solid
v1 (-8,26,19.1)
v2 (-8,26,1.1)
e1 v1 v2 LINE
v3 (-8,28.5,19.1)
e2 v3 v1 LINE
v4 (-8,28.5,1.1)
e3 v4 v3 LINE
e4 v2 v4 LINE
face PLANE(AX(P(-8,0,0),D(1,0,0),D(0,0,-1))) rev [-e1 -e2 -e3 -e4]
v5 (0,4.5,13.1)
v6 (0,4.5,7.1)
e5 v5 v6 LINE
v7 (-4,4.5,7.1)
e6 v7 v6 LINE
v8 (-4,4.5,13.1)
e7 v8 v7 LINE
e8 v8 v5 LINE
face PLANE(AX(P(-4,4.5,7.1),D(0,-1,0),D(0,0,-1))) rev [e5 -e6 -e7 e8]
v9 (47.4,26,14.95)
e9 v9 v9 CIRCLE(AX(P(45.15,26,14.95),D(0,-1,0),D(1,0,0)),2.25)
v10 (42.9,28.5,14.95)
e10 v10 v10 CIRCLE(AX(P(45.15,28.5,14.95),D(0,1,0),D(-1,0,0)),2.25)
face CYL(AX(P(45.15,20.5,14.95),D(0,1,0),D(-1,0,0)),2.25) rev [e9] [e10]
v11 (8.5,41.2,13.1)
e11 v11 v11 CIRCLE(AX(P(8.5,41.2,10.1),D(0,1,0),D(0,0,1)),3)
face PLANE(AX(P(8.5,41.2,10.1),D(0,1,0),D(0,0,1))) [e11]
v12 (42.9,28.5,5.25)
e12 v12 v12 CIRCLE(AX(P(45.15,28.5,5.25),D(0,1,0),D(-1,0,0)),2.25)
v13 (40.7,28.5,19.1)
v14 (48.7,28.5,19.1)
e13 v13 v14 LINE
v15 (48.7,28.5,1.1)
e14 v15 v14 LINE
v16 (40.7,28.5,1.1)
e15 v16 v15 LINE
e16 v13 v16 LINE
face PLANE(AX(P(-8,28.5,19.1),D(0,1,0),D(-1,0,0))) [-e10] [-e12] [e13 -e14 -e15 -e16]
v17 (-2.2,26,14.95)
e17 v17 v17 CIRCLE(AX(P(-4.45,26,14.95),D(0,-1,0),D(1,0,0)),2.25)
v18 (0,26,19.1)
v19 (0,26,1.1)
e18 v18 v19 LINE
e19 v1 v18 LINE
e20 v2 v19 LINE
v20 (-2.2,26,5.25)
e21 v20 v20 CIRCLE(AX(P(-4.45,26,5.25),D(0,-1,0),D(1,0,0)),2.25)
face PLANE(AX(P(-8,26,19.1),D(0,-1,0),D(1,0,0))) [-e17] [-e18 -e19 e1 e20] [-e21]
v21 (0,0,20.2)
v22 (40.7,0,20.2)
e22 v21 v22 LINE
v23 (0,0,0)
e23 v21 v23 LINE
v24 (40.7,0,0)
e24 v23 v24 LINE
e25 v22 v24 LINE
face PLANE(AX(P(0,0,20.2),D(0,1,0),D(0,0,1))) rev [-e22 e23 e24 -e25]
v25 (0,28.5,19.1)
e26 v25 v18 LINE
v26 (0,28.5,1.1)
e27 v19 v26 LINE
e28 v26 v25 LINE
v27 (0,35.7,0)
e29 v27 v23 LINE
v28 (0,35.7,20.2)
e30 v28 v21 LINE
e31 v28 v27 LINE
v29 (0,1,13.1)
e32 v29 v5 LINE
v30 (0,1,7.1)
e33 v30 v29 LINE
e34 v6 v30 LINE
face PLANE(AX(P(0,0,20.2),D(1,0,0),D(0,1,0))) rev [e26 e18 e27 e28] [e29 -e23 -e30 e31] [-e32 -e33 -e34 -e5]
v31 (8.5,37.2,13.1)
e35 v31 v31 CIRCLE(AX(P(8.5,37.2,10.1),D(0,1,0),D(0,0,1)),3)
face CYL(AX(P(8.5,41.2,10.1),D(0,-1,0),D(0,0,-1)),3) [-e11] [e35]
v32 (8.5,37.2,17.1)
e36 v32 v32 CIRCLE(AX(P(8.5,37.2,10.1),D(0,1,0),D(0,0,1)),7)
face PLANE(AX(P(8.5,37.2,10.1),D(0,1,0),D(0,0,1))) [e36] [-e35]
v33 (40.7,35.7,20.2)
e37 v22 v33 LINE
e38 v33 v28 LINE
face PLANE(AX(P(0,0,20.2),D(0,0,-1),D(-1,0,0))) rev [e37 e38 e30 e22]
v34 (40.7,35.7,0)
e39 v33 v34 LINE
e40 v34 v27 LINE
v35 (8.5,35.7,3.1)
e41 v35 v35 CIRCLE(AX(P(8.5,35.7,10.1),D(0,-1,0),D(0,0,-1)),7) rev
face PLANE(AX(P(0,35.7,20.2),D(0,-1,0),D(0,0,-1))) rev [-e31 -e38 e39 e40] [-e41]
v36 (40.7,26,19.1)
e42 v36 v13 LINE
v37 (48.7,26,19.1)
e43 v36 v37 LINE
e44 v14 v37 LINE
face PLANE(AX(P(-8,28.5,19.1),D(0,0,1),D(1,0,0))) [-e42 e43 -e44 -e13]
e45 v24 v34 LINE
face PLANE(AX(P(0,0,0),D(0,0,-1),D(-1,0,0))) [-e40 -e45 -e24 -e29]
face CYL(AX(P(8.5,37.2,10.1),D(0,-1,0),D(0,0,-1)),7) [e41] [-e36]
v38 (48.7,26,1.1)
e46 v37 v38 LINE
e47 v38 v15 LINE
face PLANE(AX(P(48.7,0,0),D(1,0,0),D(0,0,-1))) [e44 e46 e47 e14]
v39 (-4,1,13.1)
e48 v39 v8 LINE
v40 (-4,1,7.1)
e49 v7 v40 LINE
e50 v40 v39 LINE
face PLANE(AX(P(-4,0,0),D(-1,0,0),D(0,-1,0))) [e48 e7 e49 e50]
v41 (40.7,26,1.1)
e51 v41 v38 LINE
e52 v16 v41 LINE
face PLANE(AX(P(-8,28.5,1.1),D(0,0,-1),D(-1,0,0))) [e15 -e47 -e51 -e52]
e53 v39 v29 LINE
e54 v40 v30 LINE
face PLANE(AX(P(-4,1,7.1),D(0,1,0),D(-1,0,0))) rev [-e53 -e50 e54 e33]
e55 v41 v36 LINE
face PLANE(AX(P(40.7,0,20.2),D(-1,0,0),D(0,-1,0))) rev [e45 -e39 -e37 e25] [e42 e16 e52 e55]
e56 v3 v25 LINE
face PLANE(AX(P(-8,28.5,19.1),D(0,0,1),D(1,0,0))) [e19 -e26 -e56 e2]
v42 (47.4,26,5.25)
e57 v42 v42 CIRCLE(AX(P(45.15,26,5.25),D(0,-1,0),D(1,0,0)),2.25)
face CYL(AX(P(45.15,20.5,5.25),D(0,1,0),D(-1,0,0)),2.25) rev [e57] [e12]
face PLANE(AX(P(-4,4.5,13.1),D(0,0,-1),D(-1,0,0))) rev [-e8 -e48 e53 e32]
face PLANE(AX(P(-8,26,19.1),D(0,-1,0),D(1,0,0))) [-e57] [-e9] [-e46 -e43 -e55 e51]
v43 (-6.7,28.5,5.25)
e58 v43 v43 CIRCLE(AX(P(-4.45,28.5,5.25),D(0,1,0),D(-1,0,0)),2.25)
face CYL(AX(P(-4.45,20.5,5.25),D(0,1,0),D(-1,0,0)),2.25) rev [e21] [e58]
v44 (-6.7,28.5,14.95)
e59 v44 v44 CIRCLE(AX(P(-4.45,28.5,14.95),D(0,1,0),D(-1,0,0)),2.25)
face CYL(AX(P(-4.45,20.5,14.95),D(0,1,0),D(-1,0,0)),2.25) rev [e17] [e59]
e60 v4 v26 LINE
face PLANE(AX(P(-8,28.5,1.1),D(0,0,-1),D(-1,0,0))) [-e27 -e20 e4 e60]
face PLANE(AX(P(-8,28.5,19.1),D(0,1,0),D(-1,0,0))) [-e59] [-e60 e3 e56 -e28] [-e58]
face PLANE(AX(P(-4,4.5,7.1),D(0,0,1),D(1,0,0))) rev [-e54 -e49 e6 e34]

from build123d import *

# Parameters (mm, degrees)
SKIZZE1_W                            = 40.7
SKIZZE1_H                            = 35.7
AUFSATZ_LINEAR_AUSTRAGEN1_DEPTH      = 20.2
AUFSATZ_LINEAR_AUSTRAGEN2_DEPTH      = 8
AUFSATZ_LINEAR_AUSTRAGEN2_DEPTH_BACK = 48.7
SKIZZE2_W                            = 18
SKIZZE2_H                            = 2.5
SKIZZE3_R                            = 2.25
SCHNITT_LINEAR_AUSTRAGEN1_DEPTH      = 8
SKIZZE4_R                            = 7
AUFSATZ_LINEAR_AUSTRAGEN3_DEPTH      = 1.5
SKIZZE5_R                            = 3
AUFSATZ_LINEAR_AUSTRAGEN4_DEPTH      = 4
SKIZZE6_W                            = 6
SKIZZE6_H                            = 3.5
AUFSATZ_LINEAR_AUSTRAGEN5_DEPTH      = 4


with BuildPart() as part:
    # Skizze1 → Aufsatz-Linear austragen1 (new body)
    with BuildSketch(Plane.XY):
        with Locations((20.35, 17.85)):
            Rectangle(SKIZZE1_W, SKIZZE1_H)
    extrude(amount=AUFSATZ_LINEAR_AUSTRAGEN1_DEPTH)

    # Skizze2 → Aufsatz-Linear austragen2 (add, two sides: drawn at the far end of the back side and taken through both)
    with BuildSketch(Plane(origin=(40.7, 0, 0), x_dir=(0, 0, -1), z_dir=(1, 0, 0)).offset(-AUFSATZ_LINEAR_AUSTRAGEN2_DEPTH_BACK)):
        with Locations((-10.1, 27.25)):
            Rectangle(SKIZZE2_W, SKIZZE2_H)
    extrude(amount=AUFSATZ_LINEAR_AUSTRAGEN2_DEPTH + AUFSATZ_LINEAR_AUSTRAGEN2_DEPTH_BACK)

    # Skizze3 → Schnitt-Linear austragen1 (cut)
    with BuildSketch(Plane(origin=(0, 28.5, 0), x_dir=(1, 0, 0), z_dir=(0, 1, 0))):
        with Locations(Location((45.15, -5.25, 0), (0, 0, 180))):
            Circle(SKIZZE3_R)
        with Locations(Location((45.15, -14.95, 0), (0, 0, 180))):
            Circle(SKIZZE3_R)
        with Locations(Location((-4.45, -5.25, 0), (0, 0, 180))):
            Circle(SKIZZE3_R)
        with Locations(Location((-4.45, -14.95, 0), (0, 0, 180))):
            Circle(SKIZZE3_R)
    extrude(amount=-SCHNITT_LINEAR_AUSTRAGEN1_DEPTH, mode=Mode.SUBTRACT)

    # Skizze4 → Aufsatz-Linear austragen3 (add)
    with BuildSketch(Plane(origin=(0, 35.7, 0), x_dir=(1, 0, 0), z_dir=(0, 1, 0))):
        with Locations(Location((8.5, -10.1, 0), (0, 0, 90))):
            Circle(SKIZZE4_R)
    extrude(amount=AUFSATZ_LINEAR_AUSTRAGEN3_DEPTH)

    # Skizze5 → Aufsatz-Linear austragen4 (add)
    with BuildSketch(Plane(origin=(0, 37.2, 0), x_dir=(1, 0, 0), z_dir=(0, 1, 0))):
        with Locations(Location((8.5, -10.1, 0), (0, 0, 270))):
            Circle(SKIZZE5_R)
    extrude(amount=AUFSATZ_LINEAR_AUSTRAGEN4_DEPTH)

    # Skizze6 → Aufsatz-Linear austragen5 (add)
    with BuildSketch(Plane.ZY):
        with Locations((10.1, 2.75)):
            Rectangle(SKIZZE6_W, SKIZZE6_H)
    extrude(amount=AUFSATZ_LINEAR_AUSTRAGEN5_DEPTH)


solid = part.part
